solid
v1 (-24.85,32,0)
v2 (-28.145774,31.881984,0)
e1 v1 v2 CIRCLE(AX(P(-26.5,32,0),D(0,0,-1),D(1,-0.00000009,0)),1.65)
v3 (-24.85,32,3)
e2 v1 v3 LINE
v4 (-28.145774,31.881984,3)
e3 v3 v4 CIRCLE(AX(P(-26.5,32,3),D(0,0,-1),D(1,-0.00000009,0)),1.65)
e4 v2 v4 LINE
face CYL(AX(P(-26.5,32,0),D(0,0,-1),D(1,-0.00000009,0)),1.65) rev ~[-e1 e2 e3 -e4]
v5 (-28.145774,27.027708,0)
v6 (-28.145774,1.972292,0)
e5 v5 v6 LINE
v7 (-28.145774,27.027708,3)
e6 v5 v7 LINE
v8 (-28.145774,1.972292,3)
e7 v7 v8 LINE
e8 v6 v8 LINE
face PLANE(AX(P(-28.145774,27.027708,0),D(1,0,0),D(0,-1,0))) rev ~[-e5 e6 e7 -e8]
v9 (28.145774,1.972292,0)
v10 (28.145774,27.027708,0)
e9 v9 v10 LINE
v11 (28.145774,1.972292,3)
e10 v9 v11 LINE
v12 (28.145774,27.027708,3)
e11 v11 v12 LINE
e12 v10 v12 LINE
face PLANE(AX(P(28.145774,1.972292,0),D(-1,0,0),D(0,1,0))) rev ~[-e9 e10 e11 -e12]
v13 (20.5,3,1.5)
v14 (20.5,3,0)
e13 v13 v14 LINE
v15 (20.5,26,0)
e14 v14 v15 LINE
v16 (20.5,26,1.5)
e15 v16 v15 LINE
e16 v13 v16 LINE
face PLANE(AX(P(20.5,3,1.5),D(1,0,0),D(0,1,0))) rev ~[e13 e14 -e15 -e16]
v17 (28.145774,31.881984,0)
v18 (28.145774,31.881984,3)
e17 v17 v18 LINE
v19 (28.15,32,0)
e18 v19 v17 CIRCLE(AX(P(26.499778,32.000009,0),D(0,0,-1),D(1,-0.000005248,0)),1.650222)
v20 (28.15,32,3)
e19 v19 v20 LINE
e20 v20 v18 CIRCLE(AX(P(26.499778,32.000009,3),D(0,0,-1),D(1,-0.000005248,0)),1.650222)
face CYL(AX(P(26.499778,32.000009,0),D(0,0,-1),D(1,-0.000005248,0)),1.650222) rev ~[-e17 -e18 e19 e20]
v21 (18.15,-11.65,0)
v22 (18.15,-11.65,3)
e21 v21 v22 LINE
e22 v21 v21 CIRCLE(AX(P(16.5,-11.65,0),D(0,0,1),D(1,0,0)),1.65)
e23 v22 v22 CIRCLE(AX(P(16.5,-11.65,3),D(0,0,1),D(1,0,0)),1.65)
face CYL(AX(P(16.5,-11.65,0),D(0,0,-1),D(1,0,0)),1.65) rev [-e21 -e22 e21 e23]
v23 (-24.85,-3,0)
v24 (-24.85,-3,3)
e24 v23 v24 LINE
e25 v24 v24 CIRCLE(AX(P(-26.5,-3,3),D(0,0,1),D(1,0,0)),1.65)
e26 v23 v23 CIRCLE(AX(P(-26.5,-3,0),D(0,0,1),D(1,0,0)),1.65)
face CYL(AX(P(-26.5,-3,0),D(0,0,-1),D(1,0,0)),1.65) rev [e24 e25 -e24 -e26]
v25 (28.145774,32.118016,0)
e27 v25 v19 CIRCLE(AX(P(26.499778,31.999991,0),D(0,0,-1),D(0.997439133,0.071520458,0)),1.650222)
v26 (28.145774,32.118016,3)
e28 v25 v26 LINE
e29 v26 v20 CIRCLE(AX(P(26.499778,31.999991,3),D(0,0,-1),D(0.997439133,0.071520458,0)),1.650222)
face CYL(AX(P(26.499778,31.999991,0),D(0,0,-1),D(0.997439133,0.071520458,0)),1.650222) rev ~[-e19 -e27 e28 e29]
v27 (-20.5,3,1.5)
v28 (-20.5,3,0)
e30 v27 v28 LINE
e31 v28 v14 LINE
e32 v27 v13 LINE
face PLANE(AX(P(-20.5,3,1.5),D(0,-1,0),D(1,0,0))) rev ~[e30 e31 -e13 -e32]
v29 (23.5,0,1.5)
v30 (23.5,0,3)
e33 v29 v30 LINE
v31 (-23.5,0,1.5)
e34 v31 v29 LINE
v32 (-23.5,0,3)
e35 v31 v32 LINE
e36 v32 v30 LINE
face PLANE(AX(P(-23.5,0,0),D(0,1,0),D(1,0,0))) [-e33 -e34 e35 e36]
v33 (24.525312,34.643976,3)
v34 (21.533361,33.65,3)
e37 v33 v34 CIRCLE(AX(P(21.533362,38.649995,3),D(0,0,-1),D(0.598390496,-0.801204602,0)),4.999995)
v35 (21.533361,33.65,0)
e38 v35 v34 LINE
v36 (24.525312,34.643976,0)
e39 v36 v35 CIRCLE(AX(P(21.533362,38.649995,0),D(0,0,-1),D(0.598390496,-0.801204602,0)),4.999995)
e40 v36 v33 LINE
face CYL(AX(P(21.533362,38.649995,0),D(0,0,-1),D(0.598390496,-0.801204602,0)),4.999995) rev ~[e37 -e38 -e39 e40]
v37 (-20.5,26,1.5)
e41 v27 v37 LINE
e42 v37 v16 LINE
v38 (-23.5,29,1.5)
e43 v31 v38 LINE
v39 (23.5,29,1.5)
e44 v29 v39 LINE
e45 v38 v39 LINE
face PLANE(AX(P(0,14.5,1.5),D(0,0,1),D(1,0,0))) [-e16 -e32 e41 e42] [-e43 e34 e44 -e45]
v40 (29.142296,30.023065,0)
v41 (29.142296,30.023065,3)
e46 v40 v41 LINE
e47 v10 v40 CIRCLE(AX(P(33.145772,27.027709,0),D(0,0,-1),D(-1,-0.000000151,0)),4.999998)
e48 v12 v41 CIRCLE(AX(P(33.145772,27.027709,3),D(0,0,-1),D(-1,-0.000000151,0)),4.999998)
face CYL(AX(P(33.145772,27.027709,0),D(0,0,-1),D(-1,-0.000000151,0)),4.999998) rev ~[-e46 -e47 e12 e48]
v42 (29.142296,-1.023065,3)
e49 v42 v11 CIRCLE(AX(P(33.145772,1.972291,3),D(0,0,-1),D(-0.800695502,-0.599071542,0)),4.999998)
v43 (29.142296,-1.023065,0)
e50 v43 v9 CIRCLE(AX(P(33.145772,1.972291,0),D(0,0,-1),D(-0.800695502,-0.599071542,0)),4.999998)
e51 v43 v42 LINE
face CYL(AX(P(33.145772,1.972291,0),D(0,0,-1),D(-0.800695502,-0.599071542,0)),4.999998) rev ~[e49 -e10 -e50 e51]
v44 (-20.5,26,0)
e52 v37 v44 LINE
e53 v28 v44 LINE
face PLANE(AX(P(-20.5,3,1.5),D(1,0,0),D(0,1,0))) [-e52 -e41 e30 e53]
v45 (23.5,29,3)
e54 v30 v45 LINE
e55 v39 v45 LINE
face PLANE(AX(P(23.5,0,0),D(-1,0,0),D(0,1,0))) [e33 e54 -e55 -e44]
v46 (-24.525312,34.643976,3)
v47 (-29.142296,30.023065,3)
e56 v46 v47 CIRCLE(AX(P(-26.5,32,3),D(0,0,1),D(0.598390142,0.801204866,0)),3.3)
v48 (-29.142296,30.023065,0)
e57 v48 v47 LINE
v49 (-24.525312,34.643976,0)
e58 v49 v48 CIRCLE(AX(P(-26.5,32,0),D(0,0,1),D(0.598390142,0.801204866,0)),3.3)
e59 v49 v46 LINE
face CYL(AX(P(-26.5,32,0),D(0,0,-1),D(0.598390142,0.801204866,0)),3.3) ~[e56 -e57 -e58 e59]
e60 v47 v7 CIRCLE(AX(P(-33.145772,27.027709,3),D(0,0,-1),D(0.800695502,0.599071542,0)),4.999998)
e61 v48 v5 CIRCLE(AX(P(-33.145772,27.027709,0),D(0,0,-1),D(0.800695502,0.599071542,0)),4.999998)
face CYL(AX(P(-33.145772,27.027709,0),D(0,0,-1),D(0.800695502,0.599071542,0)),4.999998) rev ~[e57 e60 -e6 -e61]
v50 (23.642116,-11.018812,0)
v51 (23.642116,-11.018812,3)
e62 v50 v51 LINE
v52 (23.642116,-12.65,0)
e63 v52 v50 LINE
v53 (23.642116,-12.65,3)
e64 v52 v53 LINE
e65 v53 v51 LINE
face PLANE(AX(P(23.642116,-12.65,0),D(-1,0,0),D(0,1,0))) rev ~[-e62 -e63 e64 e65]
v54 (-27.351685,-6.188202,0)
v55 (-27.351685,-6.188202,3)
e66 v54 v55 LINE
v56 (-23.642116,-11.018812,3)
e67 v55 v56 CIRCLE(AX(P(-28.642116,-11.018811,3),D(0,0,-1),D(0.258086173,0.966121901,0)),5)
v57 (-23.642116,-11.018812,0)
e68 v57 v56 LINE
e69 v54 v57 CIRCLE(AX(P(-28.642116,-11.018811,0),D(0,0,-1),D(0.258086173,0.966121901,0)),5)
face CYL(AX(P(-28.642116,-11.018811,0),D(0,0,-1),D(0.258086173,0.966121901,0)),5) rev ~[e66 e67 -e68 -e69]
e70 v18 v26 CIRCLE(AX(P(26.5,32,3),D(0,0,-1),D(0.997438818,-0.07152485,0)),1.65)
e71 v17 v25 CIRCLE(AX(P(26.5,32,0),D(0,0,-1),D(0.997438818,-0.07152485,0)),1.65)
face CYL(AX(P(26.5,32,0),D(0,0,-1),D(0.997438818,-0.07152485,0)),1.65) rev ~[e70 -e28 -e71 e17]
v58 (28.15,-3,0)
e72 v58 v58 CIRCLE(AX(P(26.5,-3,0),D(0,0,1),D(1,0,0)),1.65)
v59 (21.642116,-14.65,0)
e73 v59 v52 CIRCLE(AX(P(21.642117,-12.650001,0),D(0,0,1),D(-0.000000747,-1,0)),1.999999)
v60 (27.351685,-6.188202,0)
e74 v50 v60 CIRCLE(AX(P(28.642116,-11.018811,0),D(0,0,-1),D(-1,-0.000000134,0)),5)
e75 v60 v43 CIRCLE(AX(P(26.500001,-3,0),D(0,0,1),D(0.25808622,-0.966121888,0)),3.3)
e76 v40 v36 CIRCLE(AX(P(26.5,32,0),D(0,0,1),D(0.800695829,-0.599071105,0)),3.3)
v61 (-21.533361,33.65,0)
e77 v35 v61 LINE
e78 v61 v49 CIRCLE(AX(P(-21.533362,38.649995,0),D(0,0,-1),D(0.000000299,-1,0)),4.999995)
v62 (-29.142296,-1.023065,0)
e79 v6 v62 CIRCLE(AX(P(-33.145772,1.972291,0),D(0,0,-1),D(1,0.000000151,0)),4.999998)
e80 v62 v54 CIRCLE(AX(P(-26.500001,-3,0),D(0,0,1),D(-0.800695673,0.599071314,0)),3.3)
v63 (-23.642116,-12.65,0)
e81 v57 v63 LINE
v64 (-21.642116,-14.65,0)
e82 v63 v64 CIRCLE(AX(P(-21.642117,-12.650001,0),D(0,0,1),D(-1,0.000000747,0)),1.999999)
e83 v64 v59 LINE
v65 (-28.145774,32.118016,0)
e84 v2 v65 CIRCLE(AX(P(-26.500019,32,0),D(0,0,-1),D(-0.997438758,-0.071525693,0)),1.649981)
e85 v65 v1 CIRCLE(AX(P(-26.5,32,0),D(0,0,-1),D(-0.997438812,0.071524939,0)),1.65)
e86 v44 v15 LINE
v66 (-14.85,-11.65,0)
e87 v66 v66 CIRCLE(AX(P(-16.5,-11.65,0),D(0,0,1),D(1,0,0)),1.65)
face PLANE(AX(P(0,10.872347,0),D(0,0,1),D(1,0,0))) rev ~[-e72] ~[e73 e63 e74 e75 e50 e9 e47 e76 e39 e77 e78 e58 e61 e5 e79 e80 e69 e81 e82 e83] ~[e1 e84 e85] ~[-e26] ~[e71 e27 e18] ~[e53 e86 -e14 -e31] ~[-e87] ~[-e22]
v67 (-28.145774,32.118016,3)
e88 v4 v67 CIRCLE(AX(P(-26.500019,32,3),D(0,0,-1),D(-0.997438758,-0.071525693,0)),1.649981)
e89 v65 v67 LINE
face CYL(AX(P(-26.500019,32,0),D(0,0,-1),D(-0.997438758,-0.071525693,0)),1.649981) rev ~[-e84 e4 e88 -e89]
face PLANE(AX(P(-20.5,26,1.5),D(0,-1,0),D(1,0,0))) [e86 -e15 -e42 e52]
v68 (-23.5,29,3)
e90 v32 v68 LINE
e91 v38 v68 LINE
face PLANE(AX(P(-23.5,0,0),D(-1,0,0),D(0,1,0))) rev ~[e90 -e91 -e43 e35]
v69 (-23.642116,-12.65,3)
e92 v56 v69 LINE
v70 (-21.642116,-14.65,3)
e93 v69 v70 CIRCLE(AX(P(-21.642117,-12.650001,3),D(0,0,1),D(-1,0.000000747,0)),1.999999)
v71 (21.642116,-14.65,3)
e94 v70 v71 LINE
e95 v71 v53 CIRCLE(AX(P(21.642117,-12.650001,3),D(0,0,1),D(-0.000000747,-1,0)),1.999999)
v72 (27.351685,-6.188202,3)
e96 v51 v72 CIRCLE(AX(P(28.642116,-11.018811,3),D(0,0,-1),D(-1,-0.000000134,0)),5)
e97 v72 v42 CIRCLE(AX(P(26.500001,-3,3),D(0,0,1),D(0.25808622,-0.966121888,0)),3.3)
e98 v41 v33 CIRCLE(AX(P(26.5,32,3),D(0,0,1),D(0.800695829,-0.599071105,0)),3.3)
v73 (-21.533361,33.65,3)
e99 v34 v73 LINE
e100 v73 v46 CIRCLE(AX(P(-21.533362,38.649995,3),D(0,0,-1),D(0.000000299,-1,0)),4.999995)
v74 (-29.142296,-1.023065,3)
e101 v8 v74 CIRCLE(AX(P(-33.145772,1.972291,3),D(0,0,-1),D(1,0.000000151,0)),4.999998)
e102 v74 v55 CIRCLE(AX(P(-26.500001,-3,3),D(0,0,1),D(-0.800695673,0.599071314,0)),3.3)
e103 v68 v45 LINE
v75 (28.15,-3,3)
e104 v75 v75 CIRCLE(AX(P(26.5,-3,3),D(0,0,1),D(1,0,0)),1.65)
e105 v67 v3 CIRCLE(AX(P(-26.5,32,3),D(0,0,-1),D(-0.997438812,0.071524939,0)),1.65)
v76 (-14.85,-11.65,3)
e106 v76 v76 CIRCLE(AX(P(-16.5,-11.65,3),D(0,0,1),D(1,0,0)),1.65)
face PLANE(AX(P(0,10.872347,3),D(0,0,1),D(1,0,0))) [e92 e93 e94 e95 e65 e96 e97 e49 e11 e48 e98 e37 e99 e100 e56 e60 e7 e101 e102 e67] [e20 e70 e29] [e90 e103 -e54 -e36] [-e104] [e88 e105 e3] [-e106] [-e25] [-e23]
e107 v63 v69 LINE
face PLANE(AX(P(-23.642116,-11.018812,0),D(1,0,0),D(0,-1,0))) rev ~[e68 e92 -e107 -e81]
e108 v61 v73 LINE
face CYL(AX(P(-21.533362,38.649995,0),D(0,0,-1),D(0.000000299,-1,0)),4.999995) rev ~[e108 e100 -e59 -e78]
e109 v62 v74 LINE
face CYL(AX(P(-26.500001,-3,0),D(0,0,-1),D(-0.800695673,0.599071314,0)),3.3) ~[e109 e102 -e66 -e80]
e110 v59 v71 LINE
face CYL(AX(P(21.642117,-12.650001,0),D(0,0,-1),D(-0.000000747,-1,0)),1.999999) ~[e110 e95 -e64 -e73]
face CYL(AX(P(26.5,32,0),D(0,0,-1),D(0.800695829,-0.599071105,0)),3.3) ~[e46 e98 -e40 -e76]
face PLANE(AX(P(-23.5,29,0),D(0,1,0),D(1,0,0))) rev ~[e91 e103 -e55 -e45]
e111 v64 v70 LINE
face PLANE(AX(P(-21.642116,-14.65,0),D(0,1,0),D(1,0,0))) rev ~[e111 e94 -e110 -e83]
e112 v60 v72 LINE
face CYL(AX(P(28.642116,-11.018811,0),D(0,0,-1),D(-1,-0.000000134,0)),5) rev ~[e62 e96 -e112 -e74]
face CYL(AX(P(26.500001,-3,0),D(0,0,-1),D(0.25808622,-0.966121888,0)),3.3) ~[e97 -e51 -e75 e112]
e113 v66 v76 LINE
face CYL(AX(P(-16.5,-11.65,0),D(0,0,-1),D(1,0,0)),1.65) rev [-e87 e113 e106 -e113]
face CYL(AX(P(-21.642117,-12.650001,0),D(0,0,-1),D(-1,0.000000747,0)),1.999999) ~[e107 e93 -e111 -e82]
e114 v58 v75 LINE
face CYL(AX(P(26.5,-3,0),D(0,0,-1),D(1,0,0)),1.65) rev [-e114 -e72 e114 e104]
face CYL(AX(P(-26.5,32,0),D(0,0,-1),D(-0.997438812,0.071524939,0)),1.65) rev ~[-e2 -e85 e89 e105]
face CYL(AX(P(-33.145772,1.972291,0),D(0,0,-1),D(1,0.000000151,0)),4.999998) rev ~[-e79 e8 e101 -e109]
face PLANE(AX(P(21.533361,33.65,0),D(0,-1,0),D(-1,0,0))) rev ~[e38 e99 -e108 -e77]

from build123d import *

# Parameters (mm, degrees)
F0_W          = 47
F0_H          = 29
F1_DEPTH      = 1.5
F0_R          = 1.65
F2_DEPTH      = 3
F3_W          = 41
F3_H          = 23
F4_DEPTH      = 1.5
F4_DEPTH_BACK = 25


with BuildPart() as f1:
    # F0 (on Top) → F1 (new body)
    with BuildSketch(Plane.XY):
        with Locations((0, 14.5)):
            Rectangle(F0_W, F0_H)
    extrude(amount=F1_DEPTH)

    # F0 (on Top) → F2 (join)
    with BuildSketch(Plane.XY):
        with BuildLine():
            ThreePointArc((-21.533361, 33.65), (-23.10973, 33.904996), (-24.525312, 34.643976))
            ThreePointArc((-24.525312, 34.643976), (-28.834444, 34.33246), (-29.142296, 30.023065))
            ThreePointArc((-29.142296, 30.023065), (-28.401441, 28.606095), (-28.145774, 27.027708))
            Line((-28.145774, 27.027708), (-28.145774, 1.972292))
            ThreePointArc((-28.145774, 1.972292), (-28.401441, 0.393905), (-29.142296, -1.023065))
            ThreePointArc((-29.142296, -1.023065), (-29.617954, -4.080909), (-27.351685, -6.188202))
            ThreePointArc((-27.351685, -6.188202), (-24.676504, -7.9735), (-23.642116, -11.018812))
            Line((-23.642116, -11.018812), (-23.642116, -12.65))
            ThreePointArc((-23.642116, -12.65), (-23.05633, -14.064214), (-21.642116, -14.65))
            Line((-21.642116, -14.65), (21.642116, -14.65))
            ThreePointArc((21.642116, -14.65), (23.05633, -14.064214), (23.642116, -12.65))
            Line((23.642116, -12.65), (23.642116, -11.018812))
            ThreePointArc((23.642116, -11.018812), (24.676504, -7.9735), (27.351685, -6.188202))
            ThreePointArc((27.351685, -6.188202), (29.617954, -4.080909), (29.142296, -1.023065))
            ThreePointArc((29.142296, -1.023065), (28.401441, 0.393905), (28.145774, 1.972292))
            Line((28.145774, 1.972292), (28.145774, 27.027708))
            ThreePointArc((28.145774, 27.027708), (28.401441, 28.606095), (29.142296, 30.023065))
            ThreePointArc((29.142296, 30.023065), (28.834444, 34.33246), (24.525312, 34.643976))
            ThreePointArc((24.525312, 34.643976), (23.10973, 33.904996), (21.533361, 33.65))
            Line((21.533361, 33.65), (-21.533361, 33.65))
        make_face()
        with Locations((-16.5, -11.65)):
            Circle(F0_R, mode=Mode.SUBTRACT)
        with Locations((-26.5, -3)):
            Circle(F0_R, mode=Mode.SUBTRACT)
        with Locations((16.5, -11.65)):
            Circle(F0_R, mode=Mode.SUBTRACT)
        with Locations((26.5, -3)):
            Circle(F0_R, mode=Mode.SUBTRACT)
        with BuildLine():
            ThreePointArc((-28.145774, 32.118016), (-26.440954, 33.648943), (-24.85, 32))
            ThreePointArc((-24.85, 32), (-26.440954, 30.351057), (-28.145774, 31.881984))
            ThreePointArc((-28.145774, 31.881984), (-28.15, 32), (-28.145774, 32.118016))
        make_face(mode=Mode.SUBTRACT)
        with Locations((0, 14.5)):
            Rectangle(F0_W, F0_H, mode=Mode.SUBTRACT)
        with BuildLine():
            ThreePointArc((28.145774, 32.118016), (28.148943, 32.059046), (28.15, 32))
            ThreePointArc((28.15, 32), (28.148943, 31.940954), (28.145774, 31.881984))
            ThreePointArc((28.145774, 31.881984), (24.85, 32), (28.145774, 32.118016))
        make_face(mode=Mode.SUBTRACT)
    extrude(amount=F2_DEPTH)

    # F3 (on face) → F4 (cut, two sides)
    with BuildSketch(Plane.XY.offset(1.5)) as f4_sk:
        with Locations((0, 14.5)):
            Rectangle(F3_W, F3_H)
    extrude(amount=-F4_DEPTH, mode=Mode.SUBTRACT)
    extrude(f4_sk.sketch, amount=-F4_DEPTH_BACK, mode=Mode.SUBTRACT)


solid = f1.part
